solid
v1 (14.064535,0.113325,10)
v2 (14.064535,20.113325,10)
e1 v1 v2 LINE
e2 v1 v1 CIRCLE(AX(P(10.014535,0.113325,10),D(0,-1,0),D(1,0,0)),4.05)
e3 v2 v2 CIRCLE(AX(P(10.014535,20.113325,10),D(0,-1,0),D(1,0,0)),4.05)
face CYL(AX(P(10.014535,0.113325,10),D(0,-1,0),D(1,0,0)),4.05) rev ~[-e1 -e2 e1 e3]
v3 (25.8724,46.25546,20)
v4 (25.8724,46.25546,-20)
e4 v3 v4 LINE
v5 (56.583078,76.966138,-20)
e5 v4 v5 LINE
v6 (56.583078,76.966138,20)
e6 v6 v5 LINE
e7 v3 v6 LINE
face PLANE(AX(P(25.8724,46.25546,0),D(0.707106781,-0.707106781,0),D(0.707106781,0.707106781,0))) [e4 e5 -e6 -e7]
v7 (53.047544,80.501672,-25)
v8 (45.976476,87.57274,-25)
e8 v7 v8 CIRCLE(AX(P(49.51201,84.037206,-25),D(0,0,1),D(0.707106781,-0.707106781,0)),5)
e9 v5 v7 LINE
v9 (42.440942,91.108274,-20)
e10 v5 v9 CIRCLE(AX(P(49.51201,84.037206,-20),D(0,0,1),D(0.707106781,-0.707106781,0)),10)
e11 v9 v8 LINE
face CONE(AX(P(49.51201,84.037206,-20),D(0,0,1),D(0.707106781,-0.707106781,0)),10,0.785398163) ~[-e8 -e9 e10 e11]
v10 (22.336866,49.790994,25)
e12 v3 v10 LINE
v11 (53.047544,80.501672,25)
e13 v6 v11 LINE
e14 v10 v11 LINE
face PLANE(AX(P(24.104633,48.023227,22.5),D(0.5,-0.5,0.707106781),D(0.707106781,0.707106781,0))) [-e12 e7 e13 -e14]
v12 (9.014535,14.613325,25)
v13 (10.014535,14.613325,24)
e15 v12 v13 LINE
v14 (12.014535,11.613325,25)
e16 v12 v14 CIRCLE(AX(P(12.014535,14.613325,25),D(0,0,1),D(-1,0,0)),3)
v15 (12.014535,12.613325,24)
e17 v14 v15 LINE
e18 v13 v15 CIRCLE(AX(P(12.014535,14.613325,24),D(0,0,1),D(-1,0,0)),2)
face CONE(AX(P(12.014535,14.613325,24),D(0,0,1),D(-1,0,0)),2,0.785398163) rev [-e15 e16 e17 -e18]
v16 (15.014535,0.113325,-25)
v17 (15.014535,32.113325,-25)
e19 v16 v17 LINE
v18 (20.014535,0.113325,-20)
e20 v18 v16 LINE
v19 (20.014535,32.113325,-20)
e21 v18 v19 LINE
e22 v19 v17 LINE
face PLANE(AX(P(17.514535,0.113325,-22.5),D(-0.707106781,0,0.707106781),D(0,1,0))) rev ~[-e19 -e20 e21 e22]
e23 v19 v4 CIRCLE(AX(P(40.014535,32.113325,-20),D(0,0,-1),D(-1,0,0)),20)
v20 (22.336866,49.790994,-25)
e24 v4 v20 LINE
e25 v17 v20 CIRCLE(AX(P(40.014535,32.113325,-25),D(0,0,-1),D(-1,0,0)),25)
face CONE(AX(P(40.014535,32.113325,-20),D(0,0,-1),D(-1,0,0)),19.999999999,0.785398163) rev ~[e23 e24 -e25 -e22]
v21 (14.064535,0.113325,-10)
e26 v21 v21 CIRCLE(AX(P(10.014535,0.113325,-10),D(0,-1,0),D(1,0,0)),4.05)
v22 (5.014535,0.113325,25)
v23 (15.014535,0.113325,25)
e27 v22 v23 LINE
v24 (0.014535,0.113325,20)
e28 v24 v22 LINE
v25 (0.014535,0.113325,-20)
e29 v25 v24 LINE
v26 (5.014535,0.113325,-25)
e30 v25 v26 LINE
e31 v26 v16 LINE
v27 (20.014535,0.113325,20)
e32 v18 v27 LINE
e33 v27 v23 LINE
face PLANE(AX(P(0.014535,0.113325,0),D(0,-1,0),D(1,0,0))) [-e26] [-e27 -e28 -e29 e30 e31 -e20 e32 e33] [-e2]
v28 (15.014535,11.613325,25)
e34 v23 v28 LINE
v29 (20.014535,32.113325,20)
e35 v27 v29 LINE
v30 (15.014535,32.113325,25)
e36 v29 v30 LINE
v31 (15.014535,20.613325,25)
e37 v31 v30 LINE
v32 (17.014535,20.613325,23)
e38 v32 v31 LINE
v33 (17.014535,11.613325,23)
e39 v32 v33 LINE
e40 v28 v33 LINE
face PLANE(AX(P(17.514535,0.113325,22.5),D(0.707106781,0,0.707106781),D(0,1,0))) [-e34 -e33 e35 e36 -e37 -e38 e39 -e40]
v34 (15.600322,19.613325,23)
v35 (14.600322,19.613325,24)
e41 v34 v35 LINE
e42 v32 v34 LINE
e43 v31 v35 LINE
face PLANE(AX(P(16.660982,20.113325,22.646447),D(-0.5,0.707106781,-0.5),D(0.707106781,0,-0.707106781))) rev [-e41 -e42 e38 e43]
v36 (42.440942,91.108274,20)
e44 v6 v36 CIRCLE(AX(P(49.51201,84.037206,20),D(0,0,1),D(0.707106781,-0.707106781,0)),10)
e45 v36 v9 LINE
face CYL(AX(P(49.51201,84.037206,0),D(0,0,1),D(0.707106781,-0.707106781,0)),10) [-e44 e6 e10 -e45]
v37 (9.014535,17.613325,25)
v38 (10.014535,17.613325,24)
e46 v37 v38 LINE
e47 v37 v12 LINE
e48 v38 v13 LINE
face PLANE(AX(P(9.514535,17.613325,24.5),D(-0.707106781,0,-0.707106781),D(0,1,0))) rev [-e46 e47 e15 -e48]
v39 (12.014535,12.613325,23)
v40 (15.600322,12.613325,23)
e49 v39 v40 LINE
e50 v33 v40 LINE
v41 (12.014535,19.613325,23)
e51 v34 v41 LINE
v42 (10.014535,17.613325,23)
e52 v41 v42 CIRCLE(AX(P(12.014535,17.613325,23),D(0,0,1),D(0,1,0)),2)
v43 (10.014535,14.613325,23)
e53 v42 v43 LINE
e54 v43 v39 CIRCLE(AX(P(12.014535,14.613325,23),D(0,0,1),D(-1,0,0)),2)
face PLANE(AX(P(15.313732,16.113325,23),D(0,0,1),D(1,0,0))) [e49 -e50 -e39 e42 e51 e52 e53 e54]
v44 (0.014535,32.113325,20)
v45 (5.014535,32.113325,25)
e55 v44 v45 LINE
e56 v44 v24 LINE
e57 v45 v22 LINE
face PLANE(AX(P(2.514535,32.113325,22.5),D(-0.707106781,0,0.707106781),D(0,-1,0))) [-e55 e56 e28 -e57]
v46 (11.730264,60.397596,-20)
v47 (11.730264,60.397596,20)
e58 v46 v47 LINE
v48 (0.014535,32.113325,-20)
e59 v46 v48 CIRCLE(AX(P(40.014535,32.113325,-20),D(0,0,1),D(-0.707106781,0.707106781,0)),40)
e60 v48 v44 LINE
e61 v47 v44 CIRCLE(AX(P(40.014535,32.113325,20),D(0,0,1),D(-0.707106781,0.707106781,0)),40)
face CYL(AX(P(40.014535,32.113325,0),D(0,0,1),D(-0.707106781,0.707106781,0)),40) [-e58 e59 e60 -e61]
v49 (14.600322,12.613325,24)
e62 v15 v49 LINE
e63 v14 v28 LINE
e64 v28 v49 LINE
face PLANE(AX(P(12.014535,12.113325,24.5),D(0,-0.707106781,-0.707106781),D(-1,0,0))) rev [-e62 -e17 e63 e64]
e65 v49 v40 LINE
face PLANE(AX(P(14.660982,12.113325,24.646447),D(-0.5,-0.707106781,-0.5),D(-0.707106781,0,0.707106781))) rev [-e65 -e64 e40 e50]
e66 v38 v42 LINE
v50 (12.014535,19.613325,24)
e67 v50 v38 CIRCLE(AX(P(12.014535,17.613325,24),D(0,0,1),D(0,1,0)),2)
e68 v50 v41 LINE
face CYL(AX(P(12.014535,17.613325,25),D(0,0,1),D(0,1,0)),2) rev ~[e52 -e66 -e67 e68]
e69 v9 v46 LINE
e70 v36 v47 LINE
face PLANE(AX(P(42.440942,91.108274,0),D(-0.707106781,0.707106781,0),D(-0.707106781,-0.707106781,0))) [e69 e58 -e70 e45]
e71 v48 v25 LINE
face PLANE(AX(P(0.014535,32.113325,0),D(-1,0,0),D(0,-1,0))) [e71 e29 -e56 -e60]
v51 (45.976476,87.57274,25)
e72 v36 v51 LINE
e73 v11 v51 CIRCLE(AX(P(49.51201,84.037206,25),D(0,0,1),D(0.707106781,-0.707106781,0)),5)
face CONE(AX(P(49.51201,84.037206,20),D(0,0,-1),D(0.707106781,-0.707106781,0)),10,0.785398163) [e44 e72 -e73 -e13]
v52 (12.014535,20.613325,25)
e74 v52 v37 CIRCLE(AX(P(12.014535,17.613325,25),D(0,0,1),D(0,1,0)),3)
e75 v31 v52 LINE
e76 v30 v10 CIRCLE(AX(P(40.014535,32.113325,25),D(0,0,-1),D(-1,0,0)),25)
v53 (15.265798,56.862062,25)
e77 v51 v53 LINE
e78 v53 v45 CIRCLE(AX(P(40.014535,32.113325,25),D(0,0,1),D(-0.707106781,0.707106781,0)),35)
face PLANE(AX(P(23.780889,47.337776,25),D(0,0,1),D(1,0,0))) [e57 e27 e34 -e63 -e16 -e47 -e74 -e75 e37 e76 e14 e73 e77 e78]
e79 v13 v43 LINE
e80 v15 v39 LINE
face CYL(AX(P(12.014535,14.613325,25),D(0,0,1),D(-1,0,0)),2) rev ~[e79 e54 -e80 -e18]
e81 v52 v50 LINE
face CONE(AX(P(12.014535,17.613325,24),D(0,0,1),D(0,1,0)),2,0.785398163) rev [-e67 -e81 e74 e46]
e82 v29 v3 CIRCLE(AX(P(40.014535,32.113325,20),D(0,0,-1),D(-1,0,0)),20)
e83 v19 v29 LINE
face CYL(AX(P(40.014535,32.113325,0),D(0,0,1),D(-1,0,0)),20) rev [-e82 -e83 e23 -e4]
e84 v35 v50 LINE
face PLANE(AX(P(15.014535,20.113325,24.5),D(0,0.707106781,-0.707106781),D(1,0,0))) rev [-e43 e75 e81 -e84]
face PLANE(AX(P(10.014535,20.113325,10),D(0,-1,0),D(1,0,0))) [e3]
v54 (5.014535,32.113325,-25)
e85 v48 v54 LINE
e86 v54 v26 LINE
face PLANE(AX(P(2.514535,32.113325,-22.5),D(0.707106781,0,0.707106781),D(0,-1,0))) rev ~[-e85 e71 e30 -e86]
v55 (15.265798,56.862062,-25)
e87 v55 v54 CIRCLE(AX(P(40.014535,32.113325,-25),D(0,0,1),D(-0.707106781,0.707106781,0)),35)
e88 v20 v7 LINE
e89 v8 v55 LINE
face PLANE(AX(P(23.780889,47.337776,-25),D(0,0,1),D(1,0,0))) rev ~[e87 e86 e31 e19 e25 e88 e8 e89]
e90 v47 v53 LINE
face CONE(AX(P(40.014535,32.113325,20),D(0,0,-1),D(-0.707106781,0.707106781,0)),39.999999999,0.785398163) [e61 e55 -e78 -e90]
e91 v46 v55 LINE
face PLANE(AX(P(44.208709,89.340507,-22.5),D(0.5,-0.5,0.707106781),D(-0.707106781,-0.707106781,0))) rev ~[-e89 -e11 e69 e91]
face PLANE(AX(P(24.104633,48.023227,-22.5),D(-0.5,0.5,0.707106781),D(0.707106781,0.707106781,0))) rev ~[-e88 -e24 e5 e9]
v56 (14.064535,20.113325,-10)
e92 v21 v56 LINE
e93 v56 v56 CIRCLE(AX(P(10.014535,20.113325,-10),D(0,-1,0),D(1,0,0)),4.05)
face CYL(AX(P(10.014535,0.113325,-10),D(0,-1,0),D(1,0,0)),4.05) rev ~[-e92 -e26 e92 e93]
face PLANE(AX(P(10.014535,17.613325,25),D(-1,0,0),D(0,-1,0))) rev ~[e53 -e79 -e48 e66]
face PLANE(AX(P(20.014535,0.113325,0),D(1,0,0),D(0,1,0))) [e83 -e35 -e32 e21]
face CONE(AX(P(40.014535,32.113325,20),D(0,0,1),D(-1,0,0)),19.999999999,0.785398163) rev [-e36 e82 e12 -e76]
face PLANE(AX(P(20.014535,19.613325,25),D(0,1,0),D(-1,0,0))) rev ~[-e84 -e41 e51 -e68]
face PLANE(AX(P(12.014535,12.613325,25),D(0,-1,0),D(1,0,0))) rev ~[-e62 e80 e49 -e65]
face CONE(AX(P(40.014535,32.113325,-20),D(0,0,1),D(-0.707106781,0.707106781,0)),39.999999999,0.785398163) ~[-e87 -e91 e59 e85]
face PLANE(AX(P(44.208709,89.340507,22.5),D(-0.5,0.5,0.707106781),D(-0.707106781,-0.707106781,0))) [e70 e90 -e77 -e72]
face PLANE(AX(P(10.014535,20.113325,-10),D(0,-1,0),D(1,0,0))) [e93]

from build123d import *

# Parameters (mm, degrees)
F1_DEPTH      = 25
F1_DEPTH_BACK = 25
F2_SIZE       = 5
F3_R          = 4.05
F4_DEPTH      = 20
F6_DEPTH      = 2
F7_SIZE       = 1


with BuildPart() as f1:
    # F0 (on Top) → F1 (new body, two sides)
    with BuildSketch(Plane.XY) as f1_sk:
        with BuildLine():
            Line((42.4409423598, 91.1082738708), (11.7302642411, 60.3975957521))
            ThreePointArc((11.7302642411, 60.3975957521), (3.0593541881, 47.4206617993), (0.0145354886, 32.1133245047))
            Line((0.0145354886, 32.1133245047), (0.0145354886, 0.1133245047))
            Line((0.0145354886, 0.1133245047), (20.0145354886, 0.1133245047))
            Line((20.0145354886, 0.1133245047), (20.0145354886, 32.1133245047))
            ThreePointArc((20.0145354886, 32.1133245047), (21.5369448383, 39.766993152), (25.8723998648, 46.2554601284))
            Line((25.8723998648, 46.2554601284), (56.5830779835, 76.9661382471))
            ThreePointArc((56.5830779835, 76.9661382471), (56.5830779835, 91.1082738708), (42.4409423598, 91.1082738708))
        make_face()
    extrude(amount=F1_DEPTH)
    extrude(f1_sk.sketch, amount=-F1_DEPTH_BACK)

    # F2
    f2_edges = [f1.edges().sort_by_distance(p)[0] for p in [
        (0.014535, 16.113325, 25),
        (3.059354, 47.420662, 25),
        (27.085603, 75.752935, 25),
        (56.583078, 91.108274, 25),
        (41.227739, 61.610799, 25),
        (21.536945, 39.766993, 25),
        (20.014535, 16.113325, 25),
        (41.227739, 61.610799, -25),
        (56.583078, 91.108274, -25),
        (27.085603, 75.752935, -25),
        (3.059354, 47.420662, -25),
        (0.014535, 16.113325, -25),
        (21.536945, 39.766993, -25),
        (20.014535, 16.113325, -25),
    ]]
    chamfer(f2_edges, length=F2_SIZE)

    # F3 (on face) → F4 (cut)
    with BuildSketch(Plane.XZ.offset(-0.1133245047)):
        with Locations((10.0145354886, 10)):
            Circle(F3_R)
        with Locations((10.0145354886, -10)):
            Circle(F3_R)
    extrude(amount=-F4_DEPTH, mode=Mode.SUBTRACT)

    # F5 (on face) → F6 (cut)
    with BuildSketch(Plane.XY.offset(25)):
        with BuildLine():
            Line((12.0145354886, 12.6133245047), (20.0145354886, 12.6133245047))
            Line((20.0145354886, 12.6133245047), (20.0145354886, 19.6133245047))
            Line((20.0145354886, 19.6133245047), (12.0145354886, 19.6133245047))
            ThreePointArc((12.0145354886, 19.6133245047), (10.6003219262, 19.027538067), (10.0145354886, 17.6133245047))
            Line((10.0145354886, 17.6133245047), (10.0145354886, 14.6133245047))
            ThreePointArc((10.0145354886, 14.6133245047), (10.6003219262, 13.1991109423), (12.0145354886, 12.6133245047))
        make_face()
    extrude(amount=-F6_DEPTH, mode=Mode.SUBTRACT)

    # F7
    f7_edges = [f1.edges().sort_by_distance(p)[0] for p in [
        (10.600322, 19.027538, 25),
        (10.014535, 16.113325, 25),
        (10.600322, 13.199111, 25),
        (13.514535, 12.613325, 25),
        (16.014535, 12.613325, 24),
        (13.514535, 19.613325, 25),
        (16.014535, 19.613325, 24),
    ]]
    chamfer(f7_edges, length=F7_SIZE)


solid = f1.part
